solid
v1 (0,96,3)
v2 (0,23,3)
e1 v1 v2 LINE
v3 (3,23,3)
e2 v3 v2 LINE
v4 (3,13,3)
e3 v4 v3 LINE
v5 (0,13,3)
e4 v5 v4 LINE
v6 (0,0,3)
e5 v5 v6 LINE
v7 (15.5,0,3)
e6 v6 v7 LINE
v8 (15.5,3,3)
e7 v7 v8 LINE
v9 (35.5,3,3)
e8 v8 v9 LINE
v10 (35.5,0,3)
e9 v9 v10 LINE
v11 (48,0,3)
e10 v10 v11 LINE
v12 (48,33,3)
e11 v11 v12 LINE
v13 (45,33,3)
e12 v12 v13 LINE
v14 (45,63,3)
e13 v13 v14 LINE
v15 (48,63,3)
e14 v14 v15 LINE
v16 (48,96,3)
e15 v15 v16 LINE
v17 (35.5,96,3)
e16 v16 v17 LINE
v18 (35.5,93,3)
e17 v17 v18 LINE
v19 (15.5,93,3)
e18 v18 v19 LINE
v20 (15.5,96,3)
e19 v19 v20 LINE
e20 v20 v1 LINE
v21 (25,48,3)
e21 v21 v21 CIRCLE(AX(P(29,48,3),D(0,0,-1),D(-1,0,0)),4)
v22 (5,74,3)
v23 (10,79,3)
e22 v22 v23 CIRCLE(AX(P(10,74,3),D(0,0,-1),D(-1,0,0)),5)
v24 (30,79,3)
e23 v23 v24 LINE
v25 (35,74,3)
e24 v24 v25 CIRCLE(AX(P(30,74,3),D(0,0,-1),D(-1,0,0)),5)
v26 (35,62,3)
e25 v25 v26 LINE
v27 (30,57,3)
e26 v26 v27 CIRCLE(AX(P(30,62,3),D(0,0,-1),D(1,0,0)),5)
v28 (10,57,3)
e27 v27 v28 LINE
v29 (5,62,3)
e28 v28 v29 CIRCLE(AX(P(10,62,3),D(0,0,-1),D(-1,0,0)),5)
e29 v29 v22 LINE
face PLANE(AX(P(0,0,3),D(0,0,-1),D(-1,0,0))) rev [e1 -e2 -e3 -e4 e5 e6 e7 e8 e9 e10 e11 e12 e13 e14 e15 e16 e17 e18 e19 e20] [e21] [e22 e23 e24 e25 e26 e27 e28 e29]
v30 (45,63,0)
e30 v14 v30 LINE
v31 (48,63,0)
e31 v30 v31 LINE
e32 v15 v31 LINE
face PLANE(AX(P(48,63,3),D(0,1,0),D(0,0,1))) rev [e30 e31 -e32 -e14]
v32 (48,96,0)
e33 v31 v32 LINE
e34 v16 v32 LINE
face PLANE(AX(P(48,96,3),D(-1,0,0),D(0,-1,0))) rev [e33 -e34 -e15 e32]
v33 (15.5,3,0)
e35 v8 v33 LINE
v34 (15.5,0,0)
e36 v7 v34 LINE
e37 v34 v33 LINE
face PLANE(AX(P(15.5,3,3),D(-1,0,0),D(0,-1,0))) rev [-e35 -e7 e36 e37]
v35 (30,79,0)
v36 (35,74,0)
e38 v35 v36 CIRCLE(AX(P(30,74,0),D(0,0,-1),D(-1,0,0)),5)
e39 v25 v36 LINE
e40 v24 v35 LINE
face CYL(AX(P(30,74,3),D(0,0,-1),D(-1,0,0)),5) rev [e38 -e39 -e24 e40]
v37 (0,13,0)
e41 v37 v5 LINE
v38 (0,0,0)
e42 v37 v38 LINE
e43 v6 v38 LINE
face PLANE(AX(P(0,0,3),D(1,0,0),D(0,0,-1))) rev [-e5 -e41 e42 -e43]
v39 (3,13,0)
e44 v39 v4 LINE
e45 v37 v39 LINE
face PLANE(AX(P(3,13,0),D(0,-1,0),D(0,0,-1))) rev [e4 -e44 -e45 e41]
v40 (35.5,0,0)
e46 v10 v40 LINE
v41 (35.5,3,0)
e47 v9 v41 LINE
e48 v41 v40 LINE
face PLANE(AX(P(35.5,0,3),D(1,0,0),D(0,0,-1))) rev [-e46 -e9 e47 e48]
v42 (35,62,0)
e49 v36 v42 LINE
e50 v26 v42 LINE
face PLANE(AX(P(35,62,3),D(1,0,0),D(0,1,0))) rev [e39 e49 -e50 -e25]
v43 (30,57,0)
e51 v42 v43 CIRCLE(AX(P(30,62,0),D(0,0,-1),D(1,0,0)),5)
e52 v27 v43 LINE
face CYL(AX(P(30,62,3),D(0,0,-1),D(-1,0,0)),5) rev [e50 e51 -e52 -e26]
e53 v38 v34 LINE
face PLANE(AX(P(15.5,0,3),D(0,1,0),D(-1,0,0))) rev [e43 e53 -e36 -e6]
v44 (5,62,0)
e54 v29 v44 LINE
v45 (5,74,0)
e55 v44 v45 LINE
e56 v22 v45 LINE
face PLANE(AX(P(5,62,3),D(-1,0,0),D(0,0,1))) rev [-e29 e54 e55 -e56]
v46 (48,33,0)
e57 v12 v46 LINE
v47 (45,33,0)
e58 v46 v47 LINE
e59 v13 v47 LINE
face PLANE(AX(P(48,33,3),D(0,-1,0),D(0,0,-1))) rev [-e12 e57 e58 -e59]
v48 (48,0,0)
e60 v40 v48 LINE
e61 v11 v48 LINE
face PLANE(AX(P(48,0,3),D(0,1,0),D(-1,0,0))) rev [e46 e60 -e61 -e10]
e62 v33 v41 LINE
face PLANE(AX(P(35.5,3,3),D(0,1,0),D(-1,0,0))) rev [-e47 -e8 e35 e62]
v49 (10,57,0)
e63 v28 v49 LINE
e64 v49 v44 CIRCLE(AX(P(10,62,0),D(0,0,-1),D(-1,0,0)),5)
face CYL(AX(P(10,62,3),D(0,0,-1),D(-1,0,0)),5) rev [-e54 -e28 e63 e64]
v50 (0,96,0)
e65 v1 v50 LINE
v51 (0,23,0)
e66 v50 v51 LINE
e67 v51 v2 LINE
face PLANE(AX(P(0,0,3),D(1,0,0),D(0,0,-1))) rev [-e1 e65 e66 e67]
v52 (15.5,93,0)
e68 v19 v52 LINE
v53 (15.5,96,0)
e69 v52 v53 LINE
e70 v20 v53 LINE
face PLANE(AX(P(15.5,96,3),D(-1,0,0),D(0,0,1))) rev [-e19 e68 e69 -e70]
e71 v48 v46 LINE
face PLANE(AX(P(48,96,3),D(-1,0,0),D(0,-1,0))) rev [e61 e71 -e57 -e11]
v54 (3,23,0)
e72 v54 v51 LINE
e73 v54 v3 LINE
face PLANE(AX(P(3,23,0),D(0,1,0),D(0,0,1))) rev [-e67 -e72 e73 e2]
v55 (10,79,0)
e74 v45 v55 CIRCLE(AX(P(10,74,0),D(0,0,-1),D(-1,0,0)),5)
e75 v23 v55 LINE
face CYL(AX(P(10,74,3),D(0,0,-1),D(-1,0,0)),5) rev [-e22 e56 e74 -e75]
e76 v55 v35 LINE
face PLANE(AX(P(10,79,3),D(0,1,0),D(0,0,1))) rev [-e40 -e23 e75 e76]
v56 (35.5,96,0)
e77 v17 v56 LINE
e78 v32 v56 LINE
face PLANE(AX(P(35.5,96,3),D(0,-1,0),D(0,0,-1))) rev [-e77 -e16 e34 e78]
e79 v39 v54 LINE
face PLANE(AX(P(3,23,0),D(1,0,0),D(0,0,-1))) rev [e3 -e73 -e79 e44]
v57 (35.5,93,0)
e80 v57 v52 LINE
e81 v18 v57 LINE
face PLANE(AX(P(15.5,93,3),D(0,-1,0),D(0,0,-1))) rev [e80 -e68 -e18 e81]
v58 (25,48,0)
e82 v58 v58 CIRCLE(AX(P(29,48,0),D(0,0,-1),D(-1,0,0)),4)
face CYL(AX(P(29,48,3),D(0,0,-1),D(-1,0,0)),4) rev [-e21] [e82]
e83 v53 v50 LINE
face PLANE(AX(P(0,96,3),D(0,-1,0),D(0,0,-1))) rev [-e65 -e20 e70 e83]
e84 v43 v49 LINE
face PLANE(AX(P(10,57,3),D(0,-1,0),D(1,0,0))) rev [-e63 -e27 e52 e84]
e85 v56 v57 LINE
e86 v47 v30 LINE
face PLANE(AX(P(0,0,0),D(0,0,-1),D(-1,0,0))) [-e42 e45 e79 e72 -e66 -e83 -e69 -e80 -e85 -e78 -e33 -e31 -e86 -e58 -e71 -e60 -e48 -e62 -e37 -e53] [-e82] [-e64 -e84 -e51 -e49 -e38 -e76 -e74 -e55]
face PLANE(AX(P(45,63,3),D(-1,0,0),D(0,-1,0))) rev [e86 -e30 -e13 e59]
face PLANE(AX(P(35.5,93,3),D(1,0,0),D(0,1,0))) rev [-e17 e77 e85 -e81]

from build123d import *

# Parameters (mm, degrees)
BOSS_EXTRUDE1_DEPTH = 3
SKETCH2_W           = 3
SKETCH2_H           = 10
CUT_EXTRUDE1_DEPTH  = 108.373181009
SKETCH3_R           = 4
CUT_EXTRUDE2_DEPTH  = 108.373181009
SKETCH4_W           = 3
SKETCH4_H           = 30
CUT_EXTRUDE3_DEPTH  = 108.373181009
CUT_EXTRUDE4_DEPTH  = 108.373181009


with BuildPart() as part:
    # Sketch1 → Boss-Extrude1 (new body)
    with BuildSketch(Plane.XY):
        Polygon((0, 0), (0, 96), (15.5, 96), (15.5, 93), (35.5, 93), (35.5, 96), (48, 96), (48, 0), (35.5, 0), (35.5, 3), (15.5, 3), (15.5, 0), align=None)
    extrude(amount=BOSS_EXTRUDE1_DEPTH)

    # Sketch2 → Cut-Extrude1 (cut, through all)
    with BuildSketch(Plane.XY.offset(3)):
        with Locations((1.5, 18)):
            Rectangle(SKETCH2_W, SKETCH2_H)
    extrude(amount=-CUT_EXTRUDE1_DEPTH, mode=Mode.SUBTRACT)

    # Sketch3 → Cut-Extrude2 (cut, through all)
    with BuildSketch(Plane(origin=(0, 0, 0), x_dir=(-1, 0, 0), z_dir=(0, 0, -1))):
        with Locations((-29, 48)):
            Circle(SKETCH3_R)
    extrude(amount=-CUT_EXTRUDE2_DEPTH, mode=Mode.SUBTRACT)

    # Sketch4 → Cut-Extrude3 (cut, through all)
    with BuildSketch(Plane(origin=(0, 0, 0), x_dir=(-1, 0, 0), z_dir=(0, 0, -1))):
        with Locations((-46.5, 48)):
            Rectangle(SKETCH4_W, SKETCH4_H)
    extrude(amount=-CUT_EXTRUDE3_DEPTH, mode=Mode.SUBTRACT)

    # Sketch5 → Cut-Extrude4 (cut, through all)
    with BuildSketch(Plane(origin=(0, 0, 0), x_dir=(-1, 0, 0), z_dir=(0, 0, -1))):
        with BuildLine():
            Line((-10, 57), (-30, 57))
            ThreePointArc((-30, 57), (-33.535533906, 58.464466094), (-35, 62))
            Line((-35, 62), (-35, 74))
            ThreePointArc((-35, 74), (-33.535533906, 77.535533906), (-30, 79))
            Line((-30, 79), (-10, 79))
            ThreePointArc((-10, 79), (-6.464466094, 77.535533906), (-5, 74))
            Line((-5, 74), (-5, 62))
            ThreePointArc((-5, 62), (-6.464466094, 58.464466094), (-10, 57))
        make_face()
    extrude(amount=-CUT_EXTRUDE4_DEPTH, mode=Mode.SUBTRACT)


solid = part.part
